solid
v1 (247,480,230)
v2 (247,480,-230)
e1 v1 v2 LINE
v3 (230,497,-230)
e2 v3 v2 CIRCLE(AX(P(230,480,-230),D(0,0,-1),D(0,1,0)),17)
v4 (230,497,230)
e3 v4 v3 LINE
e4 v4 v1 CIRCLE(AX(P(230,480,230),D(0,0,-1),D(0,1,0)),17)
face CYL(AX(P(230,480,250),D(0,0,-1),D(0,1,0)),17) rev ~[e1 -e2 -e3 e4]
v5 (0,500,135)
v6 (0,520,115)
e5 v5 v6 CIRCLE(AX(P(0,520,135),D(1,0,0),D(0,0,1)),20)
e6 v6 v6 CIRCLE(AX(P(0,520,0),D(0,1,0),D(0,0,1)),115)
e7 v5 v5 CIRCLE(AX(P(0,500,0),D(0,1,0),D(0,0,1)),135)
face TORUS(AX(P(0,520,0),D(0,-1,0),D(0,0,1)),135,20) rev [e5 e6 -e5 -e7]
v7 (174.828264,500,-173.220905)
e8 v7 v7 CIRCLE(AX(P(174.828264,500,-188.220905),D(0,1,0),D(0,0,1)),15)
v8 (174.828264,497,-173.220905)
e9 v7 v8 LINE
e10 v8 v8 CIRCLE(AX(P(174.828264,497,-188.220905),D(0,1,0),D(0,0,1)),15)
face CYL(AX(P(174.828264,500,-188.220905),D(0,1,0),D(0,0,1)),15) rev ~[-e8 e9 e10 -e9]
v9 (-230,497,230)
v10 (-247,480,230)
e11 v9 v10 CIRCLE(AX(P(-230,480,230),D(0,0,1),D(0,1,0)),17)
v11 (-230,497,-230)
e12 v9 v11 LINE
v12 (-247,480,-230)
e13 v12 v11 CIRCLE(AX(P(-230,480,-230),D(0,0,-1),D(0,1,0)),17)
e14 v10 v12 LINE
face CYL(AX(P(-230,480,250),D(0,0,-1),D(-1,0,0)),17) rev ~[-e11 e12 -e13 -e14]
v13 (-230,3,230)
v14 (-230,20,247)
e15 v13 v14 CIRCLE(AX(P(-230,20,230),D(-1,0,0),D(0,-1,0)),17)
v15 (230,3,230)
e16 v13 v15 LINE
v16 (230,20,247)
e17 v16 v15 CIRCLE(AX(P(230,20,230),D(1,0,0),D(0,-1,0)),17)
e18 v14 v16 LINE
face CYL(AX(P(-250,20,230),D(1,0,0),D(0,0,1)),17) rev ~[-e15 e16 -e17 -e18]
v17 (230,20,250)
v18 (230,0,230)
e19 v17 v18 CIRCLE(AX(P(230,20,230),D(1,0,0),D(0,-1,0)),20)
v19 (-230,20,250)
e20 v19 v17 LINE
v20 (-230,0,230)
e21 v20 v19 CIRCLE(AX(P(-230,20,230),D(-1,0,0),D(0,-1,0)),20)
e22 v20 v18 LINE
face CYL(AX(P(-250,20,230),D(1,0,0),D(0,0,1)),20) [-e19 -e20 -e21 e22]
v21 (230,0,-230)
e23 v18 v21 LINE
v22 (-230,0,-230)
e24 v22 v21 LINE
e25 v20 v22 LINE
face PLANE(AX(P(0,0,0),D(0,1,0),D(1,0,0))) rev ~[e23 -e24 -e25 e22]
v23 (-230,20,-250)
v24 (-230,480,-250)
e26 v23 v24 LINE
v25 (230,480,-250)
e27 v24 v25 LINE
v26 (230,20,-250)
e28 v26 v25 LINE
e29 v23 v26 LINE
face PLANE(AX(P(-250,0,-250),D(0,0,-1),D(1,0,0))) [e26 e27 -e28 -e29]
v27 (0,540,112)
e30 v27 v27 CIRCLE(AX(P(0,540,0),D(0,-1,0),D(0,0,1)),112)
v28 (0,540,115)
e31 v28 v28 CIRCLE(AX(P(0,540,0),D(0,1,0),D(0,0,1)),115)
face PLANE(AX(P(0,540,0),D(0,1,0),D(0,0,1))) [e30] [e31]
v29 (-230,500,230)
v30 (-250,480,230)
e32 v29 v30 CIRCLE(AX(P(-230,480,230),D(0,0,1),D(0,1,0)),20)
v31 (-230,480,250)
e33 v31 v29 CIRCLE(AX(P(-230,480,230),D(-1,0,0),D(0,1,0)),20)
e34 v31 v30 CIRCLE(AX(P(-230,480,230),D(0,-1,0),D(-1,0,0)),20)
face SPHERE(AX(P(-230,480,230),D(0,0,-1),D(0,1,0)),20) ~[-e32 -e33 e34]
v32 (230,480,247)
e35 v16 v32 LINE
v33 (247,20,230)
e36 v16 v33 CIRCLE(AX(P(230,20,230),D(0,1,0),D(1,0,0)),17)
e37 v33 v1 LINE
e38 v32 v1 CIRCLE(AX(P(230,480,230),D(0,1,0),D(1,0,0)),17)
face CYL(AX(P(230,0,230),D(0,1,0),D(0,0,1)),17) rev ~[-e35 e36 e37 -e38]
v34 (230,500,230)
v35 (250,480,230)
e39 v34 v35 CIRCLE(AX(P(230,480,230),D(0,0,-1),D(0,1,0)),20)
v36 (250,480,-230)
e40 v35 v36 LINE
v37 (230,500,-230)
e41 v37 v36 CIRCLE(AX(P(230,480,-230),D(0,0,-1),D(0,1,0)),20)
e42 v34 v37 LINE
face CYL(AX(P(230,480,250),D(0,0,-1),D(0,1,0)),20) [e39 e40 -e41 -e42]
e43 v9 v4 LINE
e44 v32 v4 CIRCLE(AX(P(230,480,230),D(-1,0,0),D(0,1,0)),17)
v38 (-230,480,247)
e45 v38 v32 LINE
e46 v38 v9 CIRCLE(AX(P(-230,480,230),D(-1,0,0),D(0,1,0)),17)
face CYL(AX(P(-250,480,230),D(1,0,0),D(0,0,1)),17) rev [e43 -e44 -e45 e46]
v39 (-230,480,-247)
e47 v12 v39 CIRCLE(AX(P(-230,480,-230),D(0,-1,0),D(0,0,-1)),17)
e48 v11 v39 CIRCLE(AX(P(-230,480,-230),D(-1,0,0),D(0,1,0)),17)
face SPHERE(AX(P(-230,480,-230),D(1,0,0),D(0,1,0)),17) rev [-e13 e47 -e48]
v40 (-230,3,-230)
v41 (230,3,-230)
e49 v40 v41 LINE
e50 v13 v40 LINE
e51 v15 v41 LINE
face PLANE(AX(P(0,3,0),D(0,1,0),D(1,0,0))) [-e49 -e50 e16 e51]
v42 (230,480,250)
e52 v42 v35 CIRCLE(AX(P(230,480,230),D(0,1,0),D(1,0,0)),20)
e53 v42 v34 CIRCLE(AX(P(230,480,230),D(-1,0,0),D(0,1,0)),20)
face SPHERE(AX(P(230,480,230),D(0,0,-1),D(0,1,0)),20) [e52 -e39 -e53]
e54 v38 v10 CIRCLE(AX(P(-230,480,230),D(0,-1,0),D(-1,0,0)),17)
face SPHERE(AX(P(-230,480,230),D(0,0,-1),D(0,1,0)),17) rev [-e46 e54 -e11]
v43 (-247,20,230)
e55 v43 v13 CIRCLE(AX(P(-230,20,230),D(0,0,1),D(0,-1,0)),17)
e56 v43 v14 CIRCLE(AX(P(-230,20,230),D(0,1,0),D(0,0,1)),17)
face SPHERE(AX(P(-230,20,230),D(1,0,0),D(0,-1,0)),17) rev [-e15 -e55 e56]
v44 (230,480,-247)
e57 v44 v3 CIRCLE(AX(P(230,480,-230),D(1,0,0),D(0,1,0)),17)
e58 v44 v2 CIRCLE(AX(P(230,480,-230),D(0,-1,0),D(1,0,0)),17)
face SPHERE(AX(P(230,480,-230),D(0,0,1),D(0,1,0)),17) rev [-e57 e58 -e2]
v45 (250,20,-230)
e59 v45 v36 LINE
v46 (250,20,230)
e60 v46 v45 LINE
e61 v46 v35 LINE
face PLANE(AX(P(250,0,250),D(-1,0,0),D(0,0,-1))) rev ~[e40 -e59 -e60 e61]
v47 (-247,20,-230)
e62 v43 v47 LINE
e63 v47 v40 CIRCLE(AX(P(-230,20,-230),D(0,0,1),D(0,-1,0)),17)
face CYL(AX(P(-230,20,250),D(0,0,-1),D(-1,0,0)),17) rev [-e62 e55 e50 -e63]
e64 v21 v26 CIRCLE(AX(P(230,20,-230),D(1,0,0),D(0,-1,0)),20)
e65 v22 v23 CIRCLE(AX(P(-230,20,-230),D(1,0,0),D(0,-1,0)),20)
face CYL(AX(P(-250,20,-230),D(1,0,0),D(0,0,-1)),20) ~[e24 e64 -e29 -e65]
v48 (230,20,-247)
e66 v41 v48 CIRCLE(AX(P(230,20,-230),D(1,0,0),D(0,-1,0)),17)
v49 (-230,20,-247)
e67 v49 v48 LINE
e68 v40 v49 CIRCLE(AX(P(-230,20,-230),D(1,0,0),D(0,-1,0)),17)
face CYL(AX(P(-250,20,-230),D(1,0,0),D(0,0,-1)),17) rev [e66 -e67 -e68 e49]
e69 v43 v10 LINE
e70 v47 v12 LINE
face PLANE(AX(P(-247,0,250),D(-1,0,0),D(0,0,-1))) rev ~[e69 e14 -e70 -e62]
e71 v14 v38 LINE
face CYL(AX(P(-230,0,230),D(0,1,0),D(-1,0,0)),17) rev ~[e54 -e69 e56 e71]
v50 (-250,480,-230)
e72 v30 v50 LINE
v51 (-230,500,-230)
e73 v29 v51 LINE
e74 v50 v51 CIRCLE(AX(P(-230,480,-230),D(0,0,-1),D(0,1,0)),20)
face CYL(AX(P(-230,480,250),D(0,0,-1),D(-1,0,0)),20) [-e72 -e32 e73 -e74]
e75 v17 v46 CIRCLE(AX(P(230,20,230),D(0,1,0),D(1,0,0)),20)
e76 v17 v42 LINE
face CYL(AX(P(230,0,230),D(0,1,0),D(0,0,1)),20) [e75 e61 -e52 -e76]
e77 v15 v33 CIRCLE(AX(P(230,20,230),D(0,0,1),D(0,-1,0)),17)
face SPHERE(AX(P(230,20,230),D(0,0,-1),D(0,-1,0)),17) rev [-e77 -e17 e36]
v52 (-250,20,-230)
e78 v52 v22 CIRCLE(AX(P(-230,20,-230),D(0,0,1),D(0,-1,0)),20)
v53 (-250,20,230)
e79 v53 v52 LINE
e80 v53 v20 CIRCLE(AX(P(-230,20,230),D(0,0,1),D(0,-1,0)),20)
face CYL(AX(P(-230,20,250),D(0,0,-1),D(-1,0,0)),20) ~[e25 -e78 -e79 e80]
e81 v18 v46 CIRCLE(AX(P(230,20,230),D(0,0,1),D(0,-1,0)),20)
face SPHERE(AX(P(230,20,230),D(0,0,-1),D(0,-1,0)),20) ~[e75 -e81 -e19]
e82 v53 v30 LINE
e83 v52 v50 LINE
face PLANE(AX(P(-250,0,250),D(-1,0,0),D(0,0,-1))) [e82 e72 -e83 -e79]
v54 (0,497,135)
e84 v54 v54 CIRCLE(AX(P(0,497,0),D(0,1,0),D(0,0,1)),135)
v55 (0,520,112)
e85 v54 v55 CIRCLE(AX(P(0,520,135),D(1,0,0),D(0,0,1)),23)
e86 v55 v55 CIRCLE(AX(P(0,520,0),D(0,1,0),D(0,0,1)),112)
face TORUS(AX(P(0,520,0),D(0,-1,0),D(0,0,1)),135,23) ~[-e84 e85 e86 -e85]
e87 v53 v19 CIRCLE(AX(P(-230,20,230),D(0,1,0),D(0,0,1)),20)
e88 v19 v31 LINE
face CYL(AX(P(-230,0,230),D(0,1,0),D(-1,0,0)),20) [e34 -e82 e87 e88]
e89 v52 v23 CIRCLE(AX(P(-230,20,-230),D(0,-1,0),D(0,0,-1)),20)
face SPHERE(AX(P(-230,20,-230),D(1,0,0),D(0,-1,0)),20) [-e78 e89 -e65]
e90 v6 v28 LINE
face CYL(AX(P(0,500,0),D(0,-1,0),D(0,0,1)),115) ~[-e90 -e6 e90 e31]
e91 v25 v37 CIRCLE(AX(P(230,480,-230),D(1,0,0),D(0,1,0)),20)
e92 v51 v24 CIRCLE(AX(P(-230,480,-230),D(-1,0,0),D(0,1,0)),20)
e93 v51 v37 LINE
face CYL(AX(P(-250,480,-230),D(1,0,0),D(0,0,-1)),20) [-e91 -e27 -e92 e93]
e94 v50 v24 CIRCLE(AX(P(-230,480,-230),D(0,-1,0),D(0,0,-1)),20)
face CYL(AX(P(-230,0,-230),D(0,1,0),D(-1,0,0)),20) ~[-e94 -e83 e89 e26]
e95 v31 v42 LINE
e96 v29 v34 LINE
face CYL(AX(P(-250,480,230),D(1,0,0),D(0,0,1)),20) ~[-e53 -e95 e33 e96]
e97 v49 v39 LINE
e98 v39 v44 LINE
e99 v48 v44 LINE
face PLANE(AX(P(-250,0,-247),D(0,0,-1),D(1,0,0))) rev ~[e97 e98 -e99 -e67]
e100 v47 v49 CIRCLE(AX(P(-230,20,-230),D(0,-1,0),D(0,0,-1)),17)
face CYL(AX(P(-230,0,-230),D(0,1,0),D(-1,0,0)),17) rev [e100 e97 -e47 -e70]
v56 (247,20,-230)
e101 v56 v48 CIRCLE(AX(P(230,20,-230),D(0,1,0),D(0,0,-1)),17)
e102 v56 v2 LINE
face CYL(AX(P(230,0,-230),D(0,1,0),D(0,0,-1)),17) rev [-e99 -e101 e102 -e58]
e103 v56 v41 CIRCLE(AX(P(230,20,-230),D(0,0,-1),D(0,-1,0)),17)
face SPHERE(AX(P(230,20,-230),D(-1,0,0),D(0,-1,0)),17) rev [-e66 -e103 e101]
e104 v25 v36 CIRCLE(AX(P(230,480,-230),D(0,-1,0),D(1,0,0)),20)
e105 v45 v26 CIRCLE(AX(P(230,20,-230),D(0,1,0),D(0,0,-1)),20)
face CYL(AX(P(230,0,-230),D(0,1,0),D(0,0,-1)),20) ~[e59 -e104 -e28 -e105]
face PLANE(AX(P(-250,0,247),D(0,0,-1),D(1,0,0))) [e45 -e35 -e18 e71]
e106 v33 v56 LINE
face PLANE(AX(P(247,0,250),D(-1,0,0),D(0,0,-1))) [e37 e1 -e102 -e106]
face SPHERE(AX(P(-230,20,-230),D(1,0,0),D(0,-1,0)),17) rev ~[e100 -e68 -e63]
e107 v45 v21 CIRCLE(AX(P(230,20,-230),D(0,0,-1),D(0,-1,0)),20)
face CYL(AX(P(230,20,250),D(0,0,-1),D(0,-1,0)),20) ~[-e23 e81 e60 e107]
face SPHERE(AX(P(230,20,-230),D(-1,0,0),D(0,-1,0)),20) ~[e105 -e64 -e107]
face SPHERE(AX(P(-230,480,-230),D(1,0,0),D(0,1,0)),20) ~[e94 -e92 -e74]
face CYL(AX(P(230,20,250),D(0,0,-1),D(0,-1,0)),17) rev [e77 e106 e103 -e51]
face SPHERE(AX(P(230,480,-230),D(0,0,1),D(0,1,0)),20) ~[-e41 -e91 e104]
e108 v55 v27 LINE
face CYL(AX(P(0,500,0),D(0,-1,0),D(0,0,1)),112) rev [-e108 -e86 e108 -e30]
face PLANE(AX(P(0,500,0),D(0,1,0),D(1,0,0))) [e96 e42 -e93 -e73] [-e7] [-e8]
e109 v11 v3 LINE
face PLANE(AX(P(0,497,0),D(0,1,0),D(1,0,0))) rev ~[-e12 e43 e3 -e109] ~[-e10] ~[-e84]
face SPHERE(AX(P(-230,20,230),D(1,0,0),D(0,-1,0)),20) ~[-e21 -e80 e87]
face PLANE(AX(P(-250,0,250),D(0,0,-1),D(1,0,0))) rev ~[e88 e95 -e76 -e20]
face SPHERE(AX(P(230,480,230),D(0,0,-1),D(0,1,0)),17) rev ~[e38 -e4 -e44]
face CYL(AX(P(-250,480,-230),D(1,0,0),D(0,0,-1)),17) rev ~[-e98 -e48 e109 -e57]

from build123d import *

# Parameters (mm, degrees)
CROQUIS1_W     = 500
CROQUIS1_H     = 500
EXTRUIR1_DEPTH = 500
CROQUIS2_R     = 115
EXTRUIR2_DEPTH = 40
REDONDEO1_R    = 20
VACIADO1_T     = -3
CROQUIS3_R     = 15
EXTRUIR3_DEPTH = 30


with BuildPart() as part:
    # Croquis1 → Extruir1 (new body)
    with BuildSketch(Plane(origin=(0, 0, 0), x_dir=(1, 0, 0), z_dir=(0, 1, 0))):
        Rectangle(CROQUIS1_W, CROQUIS1_H)
    extrude(amount=EXTRUIR1_DEPTH)

    # Croquis2 → Extruir2 (add)
    with BuildSketch(Plane(origin=(0, 500, 0), x_dir=(1, 0, 0), z_dir=(0, 1, 0))):
        with Locations(Location((0, 0, 0), (0, 0, 270))):
            Circle(CROQUIS2_R)
    extrude(amount=EXTRUIR2_DEPTH)

    # Redondeo1
    redondeo1_edges = [part.edges().sort_by_distance(p)[0] for p in [
        (250, 500, 0),
        (0, 500, -250),
        (0, 500, -115),
        (-250, 500, 0),
        (0, 0, -250),
        (250, 0, 0),
        (0, 0, 250),
        (-250, 0, 0),
        (0, 500, 250),
        (-250, 250, -250),
        (250, 250, -250),
        (250, 250, 250),
        (-250, 250, 250),
    ]]
    fillet(redondeo1_edges, radius=REDONDEO1_R)

    # Vaciado1
    vaciado1_openings = [part.faces().sort_by_distance(p)[0] for p in [
        (0, 540, 0),
    ]]
    offset(amount=VACIADO1_T, openings=vaciado1_openings, kind=Kind.INTERSECTION)

    # Croquis3 → Extruir3 (cut)
    with BuildSketch(Plane(origin=(0, 500, 0), x_dir=(1, 0, 0), z_dir=(0, 1, 0))):
        with Locations(Location((174.828263658, 188.220904974, 0), (0, 0, 270))):
            Circle(CROQUIS3_R)
    extrude(amount=-EXTRUIR3_DEPTH, mode=Mode.SUBTRACT)


solid = part.part
